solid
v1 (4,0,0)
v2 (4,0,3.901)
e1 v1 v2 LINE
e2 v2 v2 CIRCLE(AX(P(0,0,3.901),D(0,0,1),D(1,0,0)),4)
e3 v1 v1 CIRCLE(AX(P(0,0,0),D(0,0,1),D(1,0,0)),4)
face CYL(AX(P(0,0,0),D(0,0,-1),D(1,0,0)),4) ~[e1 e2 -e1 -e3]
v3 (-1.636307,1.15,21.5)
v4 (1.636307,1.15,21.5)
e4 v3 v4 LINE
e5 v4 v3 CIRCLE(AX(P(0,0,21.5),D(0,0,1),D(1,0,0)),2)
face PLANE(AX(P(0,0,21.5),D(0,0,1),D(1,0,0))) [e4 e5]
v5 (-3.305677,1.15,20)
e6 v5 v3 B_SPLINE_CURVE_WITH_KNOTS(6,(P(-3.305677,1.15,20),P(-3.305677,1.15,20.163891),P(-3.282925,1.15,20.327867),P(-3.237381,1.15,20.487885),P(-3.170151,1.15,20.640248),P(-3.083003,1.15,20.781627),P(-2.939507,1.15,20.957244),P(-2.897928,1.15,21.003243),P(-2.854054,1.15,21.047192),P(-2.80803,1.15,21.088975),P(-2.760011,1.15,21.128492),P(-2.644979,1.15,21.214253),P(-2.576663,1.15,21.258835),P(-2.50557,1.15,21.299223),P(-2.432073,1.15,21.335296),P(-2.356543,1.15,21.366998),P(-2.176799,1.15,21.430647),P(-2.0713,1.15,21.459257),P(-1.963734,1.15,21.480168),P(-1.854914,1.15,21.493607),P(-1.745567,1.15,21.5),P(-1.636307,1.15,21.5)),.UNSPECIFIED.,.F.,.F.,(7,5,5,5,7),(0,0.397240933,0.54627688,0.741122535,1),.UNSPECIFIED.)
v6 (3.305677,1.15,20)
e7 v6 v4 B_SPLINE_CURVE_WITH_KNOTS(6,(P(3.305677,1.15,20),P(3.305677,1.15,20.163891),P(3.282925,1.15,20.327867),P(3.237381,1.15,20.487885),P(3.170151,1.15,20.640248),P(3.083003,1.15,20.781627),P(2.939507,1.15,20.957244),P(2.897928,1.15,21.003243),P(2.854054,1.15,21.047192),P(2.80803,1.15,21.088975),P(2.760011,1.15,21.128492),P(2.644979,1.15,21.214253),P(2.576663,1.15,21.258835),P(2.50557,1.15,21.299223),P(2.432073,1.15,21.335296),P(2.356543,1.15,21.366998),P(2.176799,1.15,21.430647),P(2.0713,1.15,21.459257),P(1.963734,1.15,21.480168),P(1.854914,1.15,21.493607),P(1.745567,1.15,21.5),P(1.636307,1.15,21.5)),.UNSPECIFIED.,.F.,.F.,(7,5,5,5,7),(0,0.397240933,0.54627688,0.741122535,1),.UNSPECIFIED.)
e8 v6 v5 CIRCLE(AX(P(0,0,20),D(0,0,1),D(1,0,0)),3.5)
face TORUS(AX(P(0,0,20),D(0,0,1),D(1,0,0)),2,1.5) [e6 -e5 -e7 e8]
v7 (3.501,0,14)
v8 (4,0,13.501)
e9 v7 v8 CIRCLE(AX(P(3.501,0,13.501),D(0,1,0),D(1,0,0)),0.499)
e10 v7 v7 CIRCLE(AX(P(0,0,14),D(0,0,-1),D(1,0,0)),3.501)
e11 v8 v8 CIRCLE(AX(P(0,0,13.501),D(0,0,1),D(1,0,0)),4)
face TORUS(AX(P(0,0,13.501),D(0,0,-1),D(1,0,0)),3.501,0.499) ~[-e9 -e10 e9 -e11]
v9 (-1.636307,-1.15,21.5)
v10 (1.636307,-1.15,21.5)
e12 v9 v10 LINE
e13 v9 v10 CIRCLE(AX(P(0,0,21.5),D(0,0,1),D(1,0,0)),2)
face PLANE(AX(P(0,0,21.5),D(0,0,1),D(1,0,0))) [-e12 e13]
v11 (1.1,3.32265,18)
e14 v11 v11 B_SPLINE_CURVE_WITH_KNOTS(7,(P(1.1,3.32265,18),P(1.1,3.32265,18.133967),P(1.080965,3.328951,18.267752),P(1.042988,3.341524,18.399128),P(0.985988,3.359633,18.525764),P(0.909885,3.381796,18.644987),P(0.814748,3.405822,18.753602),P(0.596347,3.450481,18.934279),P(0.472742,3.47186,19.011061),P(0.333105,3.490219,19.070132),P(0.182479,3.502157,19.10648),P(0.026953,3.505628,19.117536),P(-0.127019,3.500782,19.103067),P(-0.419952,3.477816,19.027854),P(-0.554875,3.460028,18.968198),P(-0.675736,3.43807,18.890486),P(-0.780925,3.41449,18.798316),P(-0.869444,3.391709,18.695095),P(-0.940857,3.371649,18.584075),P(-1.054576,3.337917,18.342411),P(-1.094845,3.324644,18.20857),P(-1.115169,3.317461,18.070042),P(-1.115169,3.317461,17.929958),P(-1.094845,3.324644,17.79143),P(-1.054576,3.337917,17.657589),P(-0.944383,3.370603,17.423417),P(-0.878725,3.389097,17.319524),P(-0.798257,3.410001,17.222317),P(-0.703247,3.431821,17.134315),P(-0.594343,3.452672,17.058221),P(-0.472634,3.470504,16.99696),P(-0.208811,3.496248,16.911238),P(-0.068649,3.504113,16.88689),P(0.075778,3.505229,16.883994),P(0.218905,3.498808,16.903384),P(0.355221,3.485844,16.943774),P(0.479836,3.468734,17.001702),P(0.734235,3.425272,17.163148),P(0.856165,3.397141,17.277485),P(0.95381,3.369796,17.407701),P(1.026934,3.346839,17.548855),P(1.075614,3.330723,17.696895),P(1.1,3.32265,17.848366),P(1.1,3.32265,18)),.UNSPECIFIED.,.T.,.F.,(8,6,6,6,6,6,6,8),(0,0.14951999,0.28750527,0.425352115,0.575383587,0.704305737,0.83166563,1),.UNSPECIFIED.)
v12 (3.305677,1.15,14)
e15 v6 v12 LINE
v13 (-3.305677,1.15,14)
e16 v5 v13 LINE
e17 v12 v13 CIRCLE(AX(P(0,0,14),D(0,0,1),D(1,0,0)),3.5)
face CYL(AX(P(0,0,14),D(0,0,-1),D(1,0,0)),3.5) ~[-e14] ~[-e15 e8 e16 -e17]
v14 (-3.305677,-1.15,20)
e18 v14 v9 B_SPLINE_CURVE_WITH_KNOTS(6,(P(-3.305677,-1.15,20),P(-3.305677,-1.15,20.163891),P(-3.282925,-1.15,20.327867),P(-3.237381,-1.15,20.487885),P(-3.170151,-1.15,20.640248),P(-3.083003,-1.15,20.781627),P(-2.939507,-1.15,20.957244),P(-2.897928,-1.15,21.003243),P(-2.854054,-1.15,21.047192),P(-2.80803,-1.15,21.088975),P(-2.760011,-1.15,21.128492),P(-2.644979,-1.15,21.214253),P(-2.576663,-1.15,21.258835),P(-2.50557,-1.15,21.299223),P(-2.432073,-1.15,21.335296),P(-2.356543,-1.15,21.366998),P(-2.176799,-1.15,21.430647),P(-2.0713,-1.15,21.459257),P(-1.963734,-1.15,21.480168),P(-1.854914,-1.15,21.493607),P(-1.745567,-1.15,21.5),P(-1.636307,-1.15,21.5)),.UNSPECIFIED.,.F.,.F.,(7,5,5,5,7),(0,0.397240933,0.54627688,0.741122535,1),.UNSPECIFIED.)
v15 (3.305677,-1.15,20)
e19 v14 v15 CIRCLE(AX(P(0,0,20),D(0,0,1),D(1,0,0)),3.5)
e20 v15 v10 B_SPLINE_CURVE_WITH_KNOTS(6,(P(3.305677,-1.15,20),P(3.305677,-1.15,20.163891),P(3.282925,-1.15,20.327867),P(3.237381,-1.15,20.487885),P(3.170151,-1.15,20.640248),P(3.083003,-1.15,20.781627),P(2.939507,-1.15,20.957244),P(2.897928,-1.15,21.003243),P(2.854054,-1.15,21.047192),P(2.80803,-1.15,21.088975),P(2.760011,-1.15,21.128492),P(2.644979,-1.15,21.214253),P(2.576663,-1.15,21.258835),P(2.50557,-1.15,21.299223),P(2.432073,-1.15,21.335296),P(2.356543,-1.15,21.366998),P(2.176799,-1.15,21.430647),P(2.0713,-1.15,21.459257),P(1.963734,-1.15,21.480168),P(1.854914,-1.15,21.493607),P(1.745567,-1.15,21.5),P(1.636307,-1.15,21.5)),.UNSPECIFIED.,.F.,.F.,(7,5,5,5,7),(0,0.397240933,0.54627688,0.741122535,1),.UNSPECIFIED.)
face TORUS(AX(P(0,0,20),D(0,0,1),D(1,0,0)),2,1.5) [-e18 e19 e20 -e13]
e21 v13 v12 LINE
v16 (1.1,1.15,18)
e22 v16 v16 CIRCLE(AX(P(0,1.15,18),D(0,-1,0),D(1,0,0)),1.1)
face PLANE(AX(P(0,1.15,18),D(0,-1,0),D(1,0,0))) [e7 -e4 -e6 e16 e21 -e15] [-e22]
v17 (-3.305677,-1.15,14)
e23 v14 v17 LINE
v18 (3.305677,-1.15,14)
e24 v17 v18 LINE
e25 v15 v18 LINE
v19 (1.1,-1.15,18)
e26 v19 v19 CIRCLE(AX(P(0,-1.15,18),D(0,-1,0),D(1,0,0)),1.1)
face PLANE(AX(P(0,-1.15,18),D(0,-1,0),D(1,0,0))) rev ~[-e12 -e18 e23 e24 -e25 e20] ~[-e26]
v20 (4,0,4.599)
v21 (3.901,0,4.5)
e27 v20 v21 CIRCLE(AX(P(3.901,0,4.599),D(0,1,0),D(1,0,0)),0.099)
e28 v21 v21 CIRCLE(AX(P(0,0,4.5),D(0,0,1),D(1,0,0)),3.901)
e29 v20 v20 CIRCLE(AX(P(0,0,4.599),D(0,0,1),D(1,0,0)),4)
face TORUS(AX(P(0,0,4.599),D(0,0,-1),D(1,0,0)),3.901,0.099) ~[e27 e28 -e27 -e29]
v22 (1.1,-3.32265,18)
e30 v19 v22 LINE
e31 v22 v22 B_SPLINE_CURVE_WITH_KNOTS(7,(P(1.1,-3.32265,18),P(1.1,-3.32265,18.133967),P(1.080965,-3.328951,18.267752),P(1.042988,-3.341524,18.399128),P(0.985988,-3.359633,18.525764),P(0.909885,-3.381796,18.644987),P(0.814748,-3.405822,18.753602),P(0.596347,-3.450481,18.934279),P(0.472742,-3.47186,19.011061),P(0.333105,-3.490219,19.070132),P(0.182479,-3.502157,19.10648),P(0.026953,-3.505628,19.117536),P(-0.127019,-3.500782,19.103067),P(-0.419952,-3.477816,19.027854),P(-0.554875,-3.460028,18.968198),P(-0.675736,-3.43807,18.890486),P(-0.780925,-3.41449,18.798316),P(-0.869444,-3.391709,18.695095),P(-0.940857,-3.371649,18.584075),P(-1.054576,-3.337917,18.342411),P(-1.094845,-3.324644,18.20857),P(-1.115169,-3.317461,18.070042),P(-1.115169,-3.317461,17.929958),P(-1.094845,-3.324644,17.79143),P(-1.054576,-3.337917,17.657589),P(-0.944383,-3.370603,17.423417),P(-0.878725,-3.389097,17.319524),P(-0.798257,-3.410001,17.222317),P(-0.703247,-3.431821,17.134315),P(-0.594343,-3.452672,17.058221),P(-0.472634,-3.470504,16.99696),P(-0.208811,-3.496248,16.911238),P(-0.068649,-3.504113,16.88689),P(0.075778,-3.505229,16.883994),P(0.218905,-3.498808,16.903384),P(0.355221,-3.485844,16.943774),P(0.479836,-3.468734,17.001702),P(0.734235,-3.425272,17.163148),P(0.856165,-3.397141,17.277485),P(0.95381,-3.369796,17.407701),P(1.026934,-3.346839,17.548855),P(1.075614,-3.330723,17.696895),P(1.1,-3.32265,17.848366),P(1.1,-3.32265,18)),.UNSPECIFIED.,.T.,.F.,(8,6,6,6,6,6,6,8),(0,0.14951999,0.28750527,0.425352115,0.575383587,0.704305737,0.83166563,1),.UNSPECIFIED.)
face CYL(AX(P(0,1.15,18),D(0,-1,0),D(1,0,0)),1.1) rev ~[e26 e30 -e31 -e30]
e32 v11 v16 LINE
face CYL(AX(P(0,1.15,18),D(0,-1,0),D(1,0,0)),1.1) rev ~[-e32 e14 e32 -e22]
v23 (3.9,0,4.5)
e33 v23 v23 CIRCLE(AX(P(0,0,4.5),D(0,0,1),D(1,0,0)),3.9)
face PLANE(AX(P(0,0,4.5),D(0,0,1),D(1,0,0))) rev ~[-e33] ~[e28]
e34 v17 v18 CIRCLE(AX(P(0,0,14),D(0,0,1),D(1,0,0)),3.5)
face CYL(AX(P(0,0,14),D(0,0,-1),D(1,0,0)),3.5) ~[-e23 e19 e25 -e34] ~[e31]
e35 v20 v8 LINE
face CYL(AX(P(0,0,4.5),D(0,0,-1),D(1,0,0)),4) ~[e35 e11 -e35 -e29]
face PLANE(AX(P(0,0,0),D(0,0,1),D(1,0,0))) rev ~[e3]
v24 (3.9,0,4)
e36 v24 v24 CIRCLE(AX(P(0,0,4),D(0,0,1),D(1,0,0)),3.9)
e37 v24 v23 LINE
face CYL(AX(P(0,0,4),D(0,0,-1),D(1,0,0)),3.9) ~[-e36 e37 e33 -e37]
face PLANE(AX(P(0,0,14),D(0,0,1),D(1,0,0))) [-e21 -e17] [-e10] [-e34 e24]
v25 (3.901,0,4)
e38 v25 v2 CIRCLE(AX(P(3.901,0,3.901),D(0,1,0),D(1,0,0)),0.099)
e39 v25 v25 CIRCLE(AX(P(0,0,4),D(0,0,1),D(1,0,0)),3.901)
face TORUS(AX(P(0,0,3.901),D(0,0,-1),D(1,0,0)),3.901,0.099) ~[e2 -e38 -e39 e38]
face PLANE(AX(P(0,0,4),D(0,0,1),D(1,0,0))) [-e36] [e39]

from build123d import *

# Parameters (mm, degrees)
SKETCH004_W  = 10
SKETCH004_H  = 8
PAD004_DEPTH = 1.15
SKETCH_R     = 4
PAD_DEPTH    = 4
SKETCH001_R  = 3.9
PAD001_DEPTH = 0.5
SKETCH002_R  = 4
PAD002_DEPTH = 9.5
SKETCH003_R  = 3.5
PAD003_DEPTH = 7.5
FILLET_R     = 1.5
FILLET001_R  = 0.499
FILLET002_R  = 0.099
SKETCH005_R  = 1.1
POCKET_DEPTH = 5


with BuildPart() as body001:
    # Sketch004 (on DatumPlane) → Pad004 (new body, symmetric)
    with BuildSketch(Plane(origin=(0, 0, 17), x_dir=(1, 0, 0), z_dir=(0, -1, 0))):
        with Locations((0, 1)):
            Rectangle(SKETCH004_W, SKETCH004_H)
    extrude(amount=PAD004_DEPTH, both=True)


with BuildPart() as body:
    # Sketch → Pad (new body)
    with BuildSketch(Plane.XY):
        Circle(SKETCH_R)
    extrude(amount=PAD_DEPTH)

    # Sketch001 (on Face3 of Pad) → Pad001 (join)
    with BuildSketch(Plane.XY.offset(4)):
        Circle(SKETCH001_R)
    extrude(amount=PAD001_DEPTH)

    # Sketch002 (on Face5 of Pad001) → Pad002 (join)
    with BuildSketch(Plane.XY.offset(4.5)):
        Circle(SKETCH002_R)
    extrude(amount=PAD002_DEPTH)

    # Sketch003 (on Face3 of Pad002) → Pad003 (join)
    with BuildSketch(Plane.XY.offset(14)):
        Circle(SKETCH003_R)
    extrude(amount=PAD003_DEPTH)

    # Fillet
    fillet_edges = [body.edges().sort_by_distance(p)[0] for p in [
        (-3.5, 0, 21.5),
    ]]
    fillet(fillet_edges, radius=FILLET_R)

    # Fillet001
    fillet001_edges = [body.edges().sort_by_distance(p)[0] for p in [
        (-4, 0, 14),
    ]]
    fillet(fillet001_edges, radius=FILLET001_R)

    # Fillet002
    fillet002_edges = [body.edges().sort_by_distance(p)[0] for p in [
        (-4, 0, 4),
        (-4, 0, 4.5),
    ]]
    fillet(fillet002_edges, radius=FILLET002_R)

    # Boolean: cut Body001
    add(body001.part, mode=Mode.SUBTRACT)

    # Sketch005 (on Face14 of Boolean) → Pocket (cut, symmetric)
    with BuildSketch(Plane.XZ.offset(-1.15)):
        with Locations((0, 18)):
            Circle(SKETCH005_R)
    extrude(amount=POCKET_DEPTH, both=True, mode=Mode.SUBTRACT)


solid = body.part
